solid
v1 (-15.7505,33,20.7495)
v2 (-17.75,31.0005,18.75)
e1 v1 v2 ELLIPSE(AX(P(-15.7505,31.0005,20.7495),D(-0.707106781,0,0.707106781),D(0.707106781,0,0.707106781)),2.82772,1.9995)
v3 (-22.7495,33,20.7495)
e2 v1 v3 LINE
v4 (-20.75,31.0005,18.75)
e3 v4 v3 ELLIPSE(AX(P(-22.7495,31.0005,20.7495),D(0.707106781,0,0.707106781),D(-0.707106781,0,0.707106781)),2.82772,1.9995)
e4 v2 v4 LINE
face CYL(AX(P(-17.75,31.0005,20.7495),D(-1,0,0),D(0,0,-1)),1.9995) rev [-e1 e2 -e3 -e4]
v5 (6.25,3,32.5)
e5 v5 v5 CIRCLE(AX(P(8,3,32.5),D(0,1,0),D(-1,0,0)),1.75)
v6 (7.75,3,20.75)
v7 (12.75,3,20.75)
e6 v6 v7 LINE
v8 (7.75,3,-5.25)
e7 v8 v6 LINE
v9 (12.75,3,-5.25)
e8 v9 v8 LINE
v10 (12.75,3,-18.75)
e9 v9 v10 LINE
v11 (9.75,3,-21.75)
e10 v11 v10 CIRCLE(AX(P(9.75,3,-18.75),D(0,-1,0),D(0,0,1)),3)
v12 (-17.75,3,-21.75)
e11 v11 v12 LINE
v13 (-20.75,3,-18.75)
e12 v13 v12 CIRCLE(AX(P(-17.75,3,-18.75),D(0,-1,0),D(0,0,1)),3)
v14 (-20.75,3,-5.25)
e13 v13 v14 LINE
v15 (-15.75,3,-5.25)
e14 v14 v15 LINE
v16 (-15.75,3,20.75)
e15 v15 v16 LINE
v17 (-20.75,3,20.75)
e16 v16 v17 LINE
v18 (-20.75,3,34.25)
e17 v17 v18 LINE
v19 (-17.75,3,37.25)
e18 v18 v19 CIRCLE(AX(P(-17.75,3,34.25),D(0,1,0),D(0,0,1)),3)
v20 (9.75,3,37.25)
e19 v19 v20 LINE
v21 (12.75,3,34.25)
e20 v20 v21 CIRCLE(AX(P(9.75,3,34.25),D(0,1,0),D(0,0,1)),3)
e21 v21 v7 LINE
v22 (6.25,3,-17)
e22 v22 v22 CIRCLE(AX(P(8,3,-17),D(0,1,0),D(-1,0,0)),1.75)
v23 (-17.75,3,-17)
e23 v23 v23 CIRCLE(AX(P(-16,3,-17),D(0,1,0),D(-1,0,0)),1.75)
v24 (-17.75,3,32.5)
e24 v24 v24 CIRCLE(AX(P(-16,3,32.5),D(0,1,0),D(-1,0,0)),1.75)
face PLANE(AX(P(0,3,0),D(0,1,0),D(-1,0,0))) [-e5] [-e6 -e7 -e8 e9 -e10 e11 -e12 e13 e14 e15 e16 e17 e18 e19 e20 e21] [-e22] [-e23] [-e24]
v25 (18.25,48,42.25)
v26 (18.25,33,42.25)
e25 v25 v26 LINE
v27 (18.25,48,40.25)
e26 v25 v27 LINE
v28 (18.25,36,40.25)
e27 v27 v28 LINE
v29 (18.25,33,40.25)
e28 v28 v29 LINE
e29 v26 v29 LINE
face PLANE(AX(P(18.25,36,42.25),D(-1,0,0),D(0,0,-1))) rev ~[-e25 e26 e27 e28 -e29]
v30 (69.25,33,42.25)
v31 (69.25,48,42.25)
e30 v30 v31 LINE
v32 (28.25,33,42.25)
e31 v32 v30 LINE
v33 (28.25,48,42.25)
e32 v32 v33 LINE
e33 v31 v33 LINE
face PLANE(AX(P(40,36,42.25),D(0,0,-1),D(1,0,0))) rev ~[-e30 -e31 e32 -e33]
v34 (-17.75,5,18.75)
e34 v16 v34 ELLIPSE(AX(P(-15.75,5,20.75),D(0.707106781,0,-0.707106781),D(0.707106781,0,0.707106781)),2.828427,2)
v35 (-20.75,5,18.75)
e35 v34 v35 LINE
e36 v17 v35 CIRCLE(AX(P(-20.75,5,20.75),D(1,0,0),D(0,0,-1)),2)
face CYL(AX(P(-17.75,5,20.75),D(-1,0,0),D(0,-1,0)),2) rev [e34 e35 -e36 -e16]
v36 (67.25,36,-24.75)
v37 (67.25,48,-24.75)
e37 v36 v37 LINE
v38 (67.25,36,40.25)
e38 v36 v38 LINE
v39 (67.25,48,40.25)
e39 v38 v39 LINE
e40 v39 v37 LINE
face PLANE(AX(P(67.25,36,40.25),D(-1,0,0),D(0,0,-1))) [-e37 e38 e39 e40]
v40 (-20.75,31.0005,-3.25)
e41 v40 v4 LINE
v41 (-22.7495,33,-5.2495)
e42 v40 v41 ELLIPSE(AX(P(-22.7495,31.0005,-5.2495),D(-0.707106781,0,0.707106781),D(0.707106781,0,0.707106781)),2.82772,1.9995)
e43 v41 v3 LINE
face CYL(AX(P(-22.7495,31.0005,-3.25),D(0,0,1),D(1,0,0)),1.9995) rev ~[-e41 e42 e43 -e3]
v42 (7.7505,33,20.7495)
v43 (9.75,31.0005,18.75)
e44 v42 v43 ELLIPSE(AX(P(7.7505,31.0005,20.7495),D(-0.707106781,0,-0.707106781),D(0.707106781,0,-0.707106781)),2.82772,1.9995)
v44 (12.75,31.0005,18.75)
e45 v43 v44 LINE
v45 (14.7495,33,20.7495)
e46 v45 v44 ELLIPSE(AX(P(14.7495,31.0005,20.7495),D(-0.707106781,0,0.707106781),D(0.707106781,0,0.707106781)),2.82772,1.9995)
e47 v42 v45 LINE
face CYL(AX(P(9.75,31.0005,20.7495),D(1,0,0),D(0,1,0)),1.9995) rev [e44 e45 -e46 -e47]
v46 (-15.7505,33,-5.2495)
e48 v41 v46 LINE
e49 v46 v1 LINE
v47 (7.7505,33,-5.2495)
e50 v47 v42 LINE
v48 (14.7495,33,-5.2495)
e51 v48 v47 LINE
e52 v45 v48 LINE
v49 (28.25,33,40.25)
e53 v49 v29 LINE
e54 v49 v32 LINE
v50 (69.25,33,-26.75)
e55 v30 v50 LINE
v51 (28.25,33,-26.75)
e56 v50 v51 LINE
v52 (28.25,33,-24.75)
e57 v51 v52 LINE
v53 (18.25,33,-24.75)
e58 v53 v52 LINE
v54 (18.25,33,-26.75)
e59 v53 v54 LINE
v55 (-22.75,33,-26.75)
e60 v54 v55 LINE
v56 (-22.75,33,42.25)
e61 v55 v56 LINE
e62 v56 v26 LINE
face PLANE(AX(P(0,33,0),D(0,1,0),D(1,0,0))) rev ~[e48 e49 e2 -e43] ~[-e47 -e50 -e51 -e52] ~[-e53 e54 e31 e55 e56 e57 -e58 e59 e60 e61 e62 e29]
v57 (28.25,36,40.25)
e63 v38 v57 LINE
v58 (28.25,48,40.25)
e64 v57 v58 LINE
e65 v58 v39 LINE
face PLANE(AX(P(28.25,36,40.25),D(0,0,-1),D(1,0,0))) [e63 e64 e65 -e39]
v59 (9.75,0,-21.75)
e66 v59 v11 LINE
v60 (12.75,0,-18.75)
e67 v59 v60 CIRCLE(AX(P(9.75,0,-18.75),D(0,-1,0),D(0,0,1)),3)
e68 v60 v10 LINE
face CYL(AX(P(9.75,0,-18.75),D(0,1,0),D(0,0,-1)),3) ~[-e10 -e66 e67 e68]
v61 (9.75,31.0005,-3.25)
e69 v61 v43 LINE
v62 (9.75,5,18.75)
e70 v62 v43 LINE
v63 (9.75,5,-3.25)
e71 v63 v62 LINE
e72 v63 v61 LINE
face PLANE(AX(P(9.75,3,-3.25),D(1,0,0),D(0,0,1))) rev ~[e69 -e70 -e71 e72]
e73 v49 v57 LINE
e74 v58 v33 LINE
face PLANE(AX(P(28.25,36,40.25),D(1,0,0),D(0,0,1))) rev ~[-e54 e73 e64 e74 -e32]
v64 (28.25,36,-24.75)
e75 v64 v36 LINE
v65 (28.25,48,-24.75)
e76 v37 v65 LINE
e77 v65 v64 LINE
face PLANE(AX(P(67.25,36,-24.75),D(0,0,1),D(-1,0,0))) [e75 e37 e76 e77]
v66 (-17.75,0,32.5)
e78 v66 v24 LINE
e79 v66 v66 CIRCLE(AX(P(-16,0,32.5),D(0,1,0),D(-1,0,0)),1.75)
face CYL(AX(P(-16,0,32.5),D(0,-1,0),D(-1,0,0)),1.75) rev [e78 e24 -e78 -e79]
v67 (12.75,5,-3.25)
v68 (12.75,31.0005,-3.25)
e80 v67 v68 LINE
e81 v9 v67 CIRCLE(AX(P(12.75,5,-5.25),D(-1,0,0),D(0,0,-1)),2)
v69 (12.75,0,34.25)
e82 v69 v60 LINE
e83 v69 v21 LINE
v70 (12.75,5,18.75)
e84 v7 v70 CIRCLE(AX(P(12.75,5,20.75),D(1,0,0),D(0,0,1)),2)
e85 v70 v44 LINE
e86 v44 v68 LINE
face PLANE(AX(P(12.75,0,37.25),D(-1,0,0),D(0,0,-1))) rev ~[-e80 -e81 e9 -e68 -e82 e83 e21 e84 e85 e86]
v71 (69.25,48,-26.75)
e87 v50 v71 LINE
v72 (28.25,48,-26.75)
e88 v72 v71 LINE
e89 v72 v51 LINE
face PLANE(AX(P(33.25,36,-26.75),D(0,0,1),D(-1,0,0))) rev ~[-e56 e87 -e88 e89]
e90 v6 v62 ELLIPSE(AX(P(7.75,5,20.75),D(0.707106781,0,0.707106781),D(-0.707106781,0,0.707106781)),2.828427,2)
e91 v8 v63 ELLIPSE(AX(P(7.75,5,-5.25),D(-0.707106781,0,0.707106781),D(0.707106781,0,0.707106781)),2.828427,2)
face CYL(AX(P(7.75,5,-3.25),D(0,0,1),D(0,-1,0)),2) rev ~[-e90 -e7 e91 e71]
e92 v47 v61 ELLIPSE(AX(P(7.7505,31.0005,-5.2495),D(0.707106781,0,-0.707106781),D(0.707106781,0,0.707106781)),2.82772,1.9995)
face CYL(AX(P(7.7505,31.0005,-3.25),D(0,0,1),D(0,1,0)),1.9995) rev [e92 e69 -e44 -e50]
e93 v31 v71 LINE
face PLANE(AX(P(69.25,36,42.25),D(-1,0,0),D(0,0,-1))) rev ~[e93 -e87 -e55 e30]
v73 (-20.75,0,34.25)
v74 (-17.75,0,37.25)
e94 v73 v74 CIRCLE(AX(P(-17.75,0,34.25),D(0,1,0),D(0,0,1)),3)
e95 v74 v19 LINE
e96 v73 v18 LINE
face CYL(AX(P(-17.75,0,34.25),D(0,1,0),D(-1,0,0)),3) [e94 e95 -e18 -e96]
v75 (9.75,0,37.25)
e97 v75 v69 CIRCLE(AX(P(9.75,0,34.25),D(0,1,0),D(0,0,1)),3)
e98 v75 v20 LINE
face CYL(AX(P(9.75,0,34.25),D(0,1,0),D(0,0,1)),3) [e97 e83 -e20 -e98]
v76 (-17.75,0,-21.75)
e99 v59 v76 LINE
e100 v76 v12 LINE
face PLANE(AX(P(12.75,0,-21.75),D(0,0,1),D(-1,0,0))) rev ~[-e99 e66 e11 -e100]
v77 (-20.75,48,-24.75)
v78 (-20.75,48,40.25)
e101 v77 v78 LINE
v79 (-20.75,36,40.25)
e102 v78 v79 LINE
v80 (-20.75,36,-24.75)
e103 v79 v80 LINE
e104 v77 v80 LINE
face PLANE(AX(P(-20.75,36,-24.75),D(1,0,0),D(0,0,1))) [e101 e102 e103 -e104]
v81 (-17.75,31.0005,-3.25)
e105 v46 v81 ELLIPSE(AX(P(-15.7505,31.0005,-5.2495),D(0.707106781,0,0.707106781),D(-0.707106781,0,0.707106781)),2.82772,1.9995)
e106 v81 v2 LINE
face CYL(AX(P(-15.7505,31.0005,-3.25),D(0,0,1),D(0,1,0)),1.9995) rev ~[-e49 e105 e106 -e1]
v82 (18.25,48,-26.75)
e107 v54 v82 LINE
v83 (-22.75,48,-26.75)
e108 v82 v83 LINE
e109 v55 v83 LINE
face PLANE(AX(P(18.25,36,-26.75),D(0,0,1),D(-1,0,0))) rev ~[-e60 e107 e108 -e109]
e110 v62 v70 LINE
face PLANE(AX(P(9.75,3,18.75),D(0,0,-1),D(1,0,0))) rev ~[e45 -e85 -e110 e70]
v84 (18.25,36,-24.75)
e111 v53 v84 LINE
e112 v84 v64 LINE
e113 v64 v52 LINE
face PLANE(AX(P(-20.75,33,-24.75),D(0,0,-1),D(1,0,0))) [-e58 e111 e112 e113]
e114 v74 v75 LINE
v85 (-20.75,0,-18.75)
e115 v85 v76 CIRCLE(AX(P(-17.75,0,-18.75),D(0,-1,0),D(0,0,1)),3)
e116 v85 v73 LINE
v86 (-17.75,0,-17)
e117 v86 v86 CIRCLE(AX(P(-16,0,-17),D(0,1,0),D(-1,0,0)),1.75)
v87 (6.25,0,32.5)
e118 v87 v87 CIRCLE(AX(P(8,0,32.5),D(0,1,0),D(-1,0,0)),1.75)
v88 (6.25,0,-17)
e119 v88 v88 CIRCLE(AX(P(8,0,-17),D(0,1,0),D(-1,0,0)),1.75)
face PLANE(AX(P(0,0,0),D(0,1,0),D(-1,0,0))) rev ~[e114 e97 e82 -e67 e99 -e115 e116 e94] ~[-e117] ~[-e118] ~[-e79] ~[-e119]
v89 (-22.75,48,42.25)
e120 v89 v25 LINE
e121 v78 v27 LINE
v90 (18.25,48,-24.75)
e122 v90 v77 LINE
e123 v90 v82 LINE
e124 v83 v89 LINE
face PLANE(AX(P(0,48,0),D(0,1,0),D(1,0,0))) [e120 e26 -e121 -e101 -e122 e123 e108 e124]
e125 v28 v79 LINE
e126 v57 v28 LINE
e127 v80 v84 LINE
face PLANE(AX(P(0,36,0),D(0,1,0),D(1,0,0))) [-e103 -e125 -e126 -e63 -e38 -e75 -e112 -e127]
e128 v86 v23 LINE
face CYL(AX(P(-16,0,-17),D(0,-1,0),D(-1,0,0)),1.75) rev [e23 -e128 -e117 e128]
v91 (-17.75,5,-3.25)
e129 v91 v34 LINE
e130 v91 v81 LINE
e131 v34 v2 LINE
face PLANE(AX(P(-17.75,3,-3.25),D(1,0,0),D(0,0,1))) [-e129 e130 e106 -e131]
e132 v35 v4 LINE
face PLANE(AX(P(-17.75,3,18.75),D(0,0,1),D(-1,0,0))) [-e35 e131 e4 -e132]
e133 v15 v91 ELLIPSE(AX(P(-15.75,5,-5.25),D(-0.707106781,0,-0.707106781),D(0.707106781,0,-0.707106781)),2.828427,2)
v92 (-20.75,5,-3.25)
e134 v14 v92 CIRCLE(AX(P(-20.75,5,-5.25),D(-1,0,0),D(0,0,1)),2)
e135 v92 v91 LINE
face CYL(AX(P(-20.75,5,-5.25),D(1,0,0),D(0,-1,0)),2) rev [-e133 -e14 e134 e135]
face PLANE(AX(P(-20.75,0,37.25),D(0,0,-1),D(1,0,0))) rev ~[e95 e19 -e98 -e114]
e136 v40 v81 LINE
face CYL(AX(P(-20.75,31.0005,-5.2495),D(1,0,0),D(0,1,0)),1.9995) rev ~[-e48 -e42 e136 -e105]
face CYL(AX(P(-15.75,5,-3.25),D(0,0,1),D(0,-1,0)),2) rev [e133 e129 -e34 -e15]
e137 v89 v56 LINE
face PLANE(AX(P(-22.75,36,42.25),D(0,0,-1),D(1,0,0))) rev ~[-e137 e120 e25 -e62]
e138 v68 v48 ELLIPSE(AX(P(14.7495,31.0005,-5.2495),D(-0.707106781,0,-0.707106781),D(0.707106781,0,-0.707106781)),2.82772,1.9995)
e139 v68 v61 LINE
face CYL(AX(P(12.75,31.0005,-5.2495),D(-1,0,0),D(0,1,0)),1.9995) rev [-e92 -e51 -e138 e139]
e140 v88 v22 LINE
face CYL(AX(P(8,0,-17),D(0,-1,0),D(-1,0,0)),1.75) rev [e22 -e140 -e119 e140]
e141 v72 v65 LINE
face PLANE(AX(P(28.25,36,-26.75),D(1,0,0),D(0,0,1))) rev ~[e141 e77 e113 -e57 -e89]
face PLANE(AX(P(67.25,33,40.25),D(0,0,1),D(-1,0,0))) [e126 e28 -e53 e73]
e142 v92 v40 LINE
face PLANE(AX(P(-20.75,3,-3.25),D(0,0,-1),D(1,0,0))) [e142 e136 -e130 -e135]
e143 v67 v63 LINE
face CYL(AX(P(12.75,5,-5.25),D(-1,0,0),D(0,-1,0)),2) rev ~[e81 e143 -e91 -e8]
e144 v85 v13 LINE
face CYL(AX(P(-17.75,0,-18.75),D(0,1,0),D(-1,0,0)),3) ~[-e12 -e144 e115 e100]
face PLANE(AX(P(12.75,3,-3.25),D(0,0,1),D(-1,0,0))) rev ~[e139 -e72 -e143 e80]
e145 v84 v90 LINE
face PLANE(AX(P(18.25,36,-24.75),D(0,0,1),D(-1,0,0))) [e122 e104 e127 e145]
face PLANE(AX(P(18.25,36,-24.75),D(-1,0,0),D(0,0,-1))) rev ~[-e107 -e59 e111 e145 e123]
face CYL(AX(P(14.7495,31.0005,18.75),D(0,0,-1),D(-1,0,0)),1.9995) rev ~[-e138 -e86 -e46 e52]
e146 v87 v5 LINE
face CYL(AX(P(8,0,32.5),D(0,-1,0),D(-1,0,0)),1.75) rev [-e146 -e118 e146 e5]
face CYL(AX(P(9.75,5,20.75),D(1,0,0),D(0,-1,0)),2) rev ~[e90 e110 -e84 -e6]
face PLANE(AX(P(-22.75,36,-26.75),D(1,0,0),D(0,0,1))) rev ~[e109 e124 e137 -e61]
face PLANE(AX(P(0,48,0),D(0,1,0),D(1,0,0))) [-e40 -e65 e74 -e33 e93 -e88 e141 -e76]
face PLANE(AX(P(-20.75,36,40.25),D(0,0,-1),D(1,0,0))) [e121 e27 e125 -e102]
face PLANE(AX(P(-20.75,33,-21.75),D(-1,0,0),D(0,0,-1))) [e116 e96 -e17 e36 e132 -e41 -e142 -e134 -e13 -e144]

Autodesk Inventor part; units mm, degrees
ref_plane "YZ Plane" through (0, 0, 0) normal (1, 0, 0) x (0, 1, 0)
ref_plane "XZ Plane" through (0, 0, 0) normal (0, 1, 0) x (-1, 0, 0)
ref_plane "XY Plane" through (0, 0, 0) normal (0, 0, 1) x (1, 0, 0)
sketch "Эскиз1" plane through (0, 0, 0) normal (0, 1, 0) x (-1, 0, 0)
  circle A0 centre (16, 32.5) radius 1.75
  circle A1 centre (16, -17) radius 1.75
  circle A2 centre (-8, -17) radius 1.75
  circle A3 centre (-8, 32.5) radius 1.75
  line L0 (20.75, 37.25) -> (-12.75, 37.25)
  line L1 (-12.75, 37.25) -> (-12.75, -21.75)
  line L2 (-12.75, -21.75) -> (20.75, -21.75)
  line L3 (20.75, -21.75) -> (20.75, 37.25)
  point P0 (0, 0)
  dimension "d0" = 3.5
  dimension "d1" = 3.5
  dimension "d2" = 46
  dimension "d3" = 3.5
  dimension "d4" = 20.5
  dimension "d5" = 3.5
  dimension "d6" = 46
  dimension "d8" = 20.5
  dimension "d9" = 3
  dimension "d10" = 3
  dimension "d11" = 3
  dimension "d12" = 3
  dimension "d13" = 3
  dimension "d14" = 3
  dimension "d15" = 59
  dimension "d16" = 3
  dimension "d17" = 4.75
extrude "Выдавливание1" add sketch "Эскиз1" along normal blind 3
sketch "Эскиз2" plane through (0, 3, 0) normal (0, 1, 0) x (1, 0, 0)
  line L0 (-20.75, 21.75) -> (-20.75, -37.25) projected
  line L1 (-20.75, 3.25) -> (-17.75, 3.25)
  line L2 (-17.75, 3.25) -> (-17.75, -18.75)
  line L3 (-17.75, -18.75) -> (-20.75, -18.75)
  line L4 (-20.75, -18.75) -> (-20.75, 3.25)
  line L5 (12.75, -37.25) -> (12.75, 21.75) projected
  line L6 (12.75, 3.25) -> (9.75, 3.25)
  line L7 (9.75, 3.25) -> (9.75, -18.75)
  line L8 (9.75, -18.75) -> (12.75, -18.75)
  line L9 (12.75, -18.75) -> (12.75, 3.25)
  line L10 (12.75, 21.75) -> (-20.75, 21.75) projected
  line L11 (-20.75, -37.25) -> (12.75, -37.25) projected
  point P0 (0, 0)
  dimension "d20" = 59
  dimension "d21" = 3
  dimension "d22" = 3
  dimension "d23" = 22
  dimension "d24" = 22
  dimension "d25" = 18.5
  dimension "d26" = 18.5
  dimension "d27" = 18.5
extrude "Выдавливание2" add sketch "Эскиз2" along normal blind 30 contours L1 L2 L3 L0 | L5 L8 L7 L6
sketch "Эскиз3" plane through (0, 33, 0) normal (0, 1, 0) x (1, 0, 0)
  line L0 (-20.75, 21.75) -> (-20.75, 3.25) projected
  line L1 (-20.75, 24.75) -> (67.25, 24.75)
  line L2 (67.25, 24.75) -> (67.25, -40.25)
  line L3 (67.25, -40.25) -> (-20.75, -40.25)
  line L4 (-20.75, -40.25) -> (-20.75, 24.75)
  line L5 (12.75, 21.75) -> (-20.75, 21.75) projected
  line L6 (-20.75, -37.25) -> (12.75, -37.25) projected
  line L7 (69.25, 26.75) -> (-22.75, 26.75)
  line L8 (-22.75, 26.75) -> (-22.75, -42.25)
  line L9 (-22.75, -42.25) -> (69.25, -42.25)
  line L10 (69.25, -42.25) -> (69.25, 26.75)
  point P0 (0, 0)
  dimension "d30" = 88
  dimension "d31" = 65
  dimension "d34" = 59
  dimension "d35" = 88
  dimension "d38" = 3
  dimension "d39" = 2
  dimension "d40" = 2
  dimension "d41" = 2
  dimension "d42" = 2
extrude "Выдавливание3" add sketch "Эскиз3" along normal blind 3 contours L4 L1 L2 L3 L0
sketch "Эскиз4" plane through (0, 36, 0) normal (0, 1, 0) x (1, 0, 0)
  line L0 (67.25, 24.75) -> (-20.75, 24.75) projected
  line L1 (67.25, 24.75) -> (-20.75, 24.75)
  line L2 (-20.75, 24.75) -> (-20.75, -40.25)
  line L3 (-20.75, -40.25) -> (67.25, -40.25)
  line L4 (67.25, -40.25) -> (67.25, 24.75)
  line L5 (69.25, 26.75) -> (-22.75, 26.75)
  line L6 (-22.75, 26.75) -> (-22.75, -42.25)
  line L7 (-22.75, -42.25) -> (69.25, -42.25)
  line L8 (69.25, -42.25) -> (69.25, 26.75)
  line L9 (33.25, 26.75) -> (23.25, 26.75)
  line L10 (23.25, 24.75) -> (33.25, 24.75)
  line L11 (67.25, -40.25) -> (-20.75, -40.25) projected
  line L12 (30, -42.25) -> (40, -42.25)
  line L13 (40, -40.25) -> (30, -40.25)
  line L14 (28.25, 24.75) -> (18.25, 24.75)
  line L15 (18.25, 24.75) -> (18.25, 26.75)
  line L16 (18.25, 26.75) -> (28.25, 26.75)
  line L17 (28.25, 26.75) -> (28.25, 24.75)
  line L18 (18.25, -40.25) -> (28.25, -40.25)
  line L19 (28.25, -40.25) -> (28.25, -42.25)
  line L20 (28.25, -42.25) -> (18.25, -42.25)
  line L21 (18.25, -42.25) -> (18.25, -40.25)
  point P0 (0, 0)
  dimension "d43" = 2
  dimension "d44" = 2
  dimension "d45" = 2
  dimension "d46" = 2
  dimension "d51" = 10
  dimension "d52" = 41
  dimension "d53" = 41
  dimension "d54" = 10
  dimension "d55" = 41
extrude "Выдавливание4" add sketch "Эскиз4" along normal blind 12 and the other way blind 3 contours L0 L17 L5 L8 L7 L19 L3 L4 | L0 L2 L3 L21 L7 L6 L5 L15
fillet "Сопряжение1" radius 2 3 edges at (9.75, 3, 7.75) (11.25, 3, 18.75) (11.25, 3, -3.25)
fillet "Сопряжение2" radius 2 3 edges at (-19.25, 3, -3.25) (-17.75, 3, 7.75) (-19.25, 3, 18.75)
fillet "Сопряжение3" radius 2 8 edges at (11.25, 33, 18.75) (12.75, 33, 7.75) (-17.75, 33, 7.75) (-19.25, 33, 18.75) (-20.75, 33, 7.75) (-19.25, 33, -3.25) (9.75, 33, 7.75) (11.25, 33, -3.25)
fillet "Сопряжение4" radius 3 4 edges at (-20.75, 1.5, 37.25) (12.75, 1.5, 37.25) (-20.75, 1.5, -21.75) (12.75, 1.5, -21.75)
properties part number "батарейки"
